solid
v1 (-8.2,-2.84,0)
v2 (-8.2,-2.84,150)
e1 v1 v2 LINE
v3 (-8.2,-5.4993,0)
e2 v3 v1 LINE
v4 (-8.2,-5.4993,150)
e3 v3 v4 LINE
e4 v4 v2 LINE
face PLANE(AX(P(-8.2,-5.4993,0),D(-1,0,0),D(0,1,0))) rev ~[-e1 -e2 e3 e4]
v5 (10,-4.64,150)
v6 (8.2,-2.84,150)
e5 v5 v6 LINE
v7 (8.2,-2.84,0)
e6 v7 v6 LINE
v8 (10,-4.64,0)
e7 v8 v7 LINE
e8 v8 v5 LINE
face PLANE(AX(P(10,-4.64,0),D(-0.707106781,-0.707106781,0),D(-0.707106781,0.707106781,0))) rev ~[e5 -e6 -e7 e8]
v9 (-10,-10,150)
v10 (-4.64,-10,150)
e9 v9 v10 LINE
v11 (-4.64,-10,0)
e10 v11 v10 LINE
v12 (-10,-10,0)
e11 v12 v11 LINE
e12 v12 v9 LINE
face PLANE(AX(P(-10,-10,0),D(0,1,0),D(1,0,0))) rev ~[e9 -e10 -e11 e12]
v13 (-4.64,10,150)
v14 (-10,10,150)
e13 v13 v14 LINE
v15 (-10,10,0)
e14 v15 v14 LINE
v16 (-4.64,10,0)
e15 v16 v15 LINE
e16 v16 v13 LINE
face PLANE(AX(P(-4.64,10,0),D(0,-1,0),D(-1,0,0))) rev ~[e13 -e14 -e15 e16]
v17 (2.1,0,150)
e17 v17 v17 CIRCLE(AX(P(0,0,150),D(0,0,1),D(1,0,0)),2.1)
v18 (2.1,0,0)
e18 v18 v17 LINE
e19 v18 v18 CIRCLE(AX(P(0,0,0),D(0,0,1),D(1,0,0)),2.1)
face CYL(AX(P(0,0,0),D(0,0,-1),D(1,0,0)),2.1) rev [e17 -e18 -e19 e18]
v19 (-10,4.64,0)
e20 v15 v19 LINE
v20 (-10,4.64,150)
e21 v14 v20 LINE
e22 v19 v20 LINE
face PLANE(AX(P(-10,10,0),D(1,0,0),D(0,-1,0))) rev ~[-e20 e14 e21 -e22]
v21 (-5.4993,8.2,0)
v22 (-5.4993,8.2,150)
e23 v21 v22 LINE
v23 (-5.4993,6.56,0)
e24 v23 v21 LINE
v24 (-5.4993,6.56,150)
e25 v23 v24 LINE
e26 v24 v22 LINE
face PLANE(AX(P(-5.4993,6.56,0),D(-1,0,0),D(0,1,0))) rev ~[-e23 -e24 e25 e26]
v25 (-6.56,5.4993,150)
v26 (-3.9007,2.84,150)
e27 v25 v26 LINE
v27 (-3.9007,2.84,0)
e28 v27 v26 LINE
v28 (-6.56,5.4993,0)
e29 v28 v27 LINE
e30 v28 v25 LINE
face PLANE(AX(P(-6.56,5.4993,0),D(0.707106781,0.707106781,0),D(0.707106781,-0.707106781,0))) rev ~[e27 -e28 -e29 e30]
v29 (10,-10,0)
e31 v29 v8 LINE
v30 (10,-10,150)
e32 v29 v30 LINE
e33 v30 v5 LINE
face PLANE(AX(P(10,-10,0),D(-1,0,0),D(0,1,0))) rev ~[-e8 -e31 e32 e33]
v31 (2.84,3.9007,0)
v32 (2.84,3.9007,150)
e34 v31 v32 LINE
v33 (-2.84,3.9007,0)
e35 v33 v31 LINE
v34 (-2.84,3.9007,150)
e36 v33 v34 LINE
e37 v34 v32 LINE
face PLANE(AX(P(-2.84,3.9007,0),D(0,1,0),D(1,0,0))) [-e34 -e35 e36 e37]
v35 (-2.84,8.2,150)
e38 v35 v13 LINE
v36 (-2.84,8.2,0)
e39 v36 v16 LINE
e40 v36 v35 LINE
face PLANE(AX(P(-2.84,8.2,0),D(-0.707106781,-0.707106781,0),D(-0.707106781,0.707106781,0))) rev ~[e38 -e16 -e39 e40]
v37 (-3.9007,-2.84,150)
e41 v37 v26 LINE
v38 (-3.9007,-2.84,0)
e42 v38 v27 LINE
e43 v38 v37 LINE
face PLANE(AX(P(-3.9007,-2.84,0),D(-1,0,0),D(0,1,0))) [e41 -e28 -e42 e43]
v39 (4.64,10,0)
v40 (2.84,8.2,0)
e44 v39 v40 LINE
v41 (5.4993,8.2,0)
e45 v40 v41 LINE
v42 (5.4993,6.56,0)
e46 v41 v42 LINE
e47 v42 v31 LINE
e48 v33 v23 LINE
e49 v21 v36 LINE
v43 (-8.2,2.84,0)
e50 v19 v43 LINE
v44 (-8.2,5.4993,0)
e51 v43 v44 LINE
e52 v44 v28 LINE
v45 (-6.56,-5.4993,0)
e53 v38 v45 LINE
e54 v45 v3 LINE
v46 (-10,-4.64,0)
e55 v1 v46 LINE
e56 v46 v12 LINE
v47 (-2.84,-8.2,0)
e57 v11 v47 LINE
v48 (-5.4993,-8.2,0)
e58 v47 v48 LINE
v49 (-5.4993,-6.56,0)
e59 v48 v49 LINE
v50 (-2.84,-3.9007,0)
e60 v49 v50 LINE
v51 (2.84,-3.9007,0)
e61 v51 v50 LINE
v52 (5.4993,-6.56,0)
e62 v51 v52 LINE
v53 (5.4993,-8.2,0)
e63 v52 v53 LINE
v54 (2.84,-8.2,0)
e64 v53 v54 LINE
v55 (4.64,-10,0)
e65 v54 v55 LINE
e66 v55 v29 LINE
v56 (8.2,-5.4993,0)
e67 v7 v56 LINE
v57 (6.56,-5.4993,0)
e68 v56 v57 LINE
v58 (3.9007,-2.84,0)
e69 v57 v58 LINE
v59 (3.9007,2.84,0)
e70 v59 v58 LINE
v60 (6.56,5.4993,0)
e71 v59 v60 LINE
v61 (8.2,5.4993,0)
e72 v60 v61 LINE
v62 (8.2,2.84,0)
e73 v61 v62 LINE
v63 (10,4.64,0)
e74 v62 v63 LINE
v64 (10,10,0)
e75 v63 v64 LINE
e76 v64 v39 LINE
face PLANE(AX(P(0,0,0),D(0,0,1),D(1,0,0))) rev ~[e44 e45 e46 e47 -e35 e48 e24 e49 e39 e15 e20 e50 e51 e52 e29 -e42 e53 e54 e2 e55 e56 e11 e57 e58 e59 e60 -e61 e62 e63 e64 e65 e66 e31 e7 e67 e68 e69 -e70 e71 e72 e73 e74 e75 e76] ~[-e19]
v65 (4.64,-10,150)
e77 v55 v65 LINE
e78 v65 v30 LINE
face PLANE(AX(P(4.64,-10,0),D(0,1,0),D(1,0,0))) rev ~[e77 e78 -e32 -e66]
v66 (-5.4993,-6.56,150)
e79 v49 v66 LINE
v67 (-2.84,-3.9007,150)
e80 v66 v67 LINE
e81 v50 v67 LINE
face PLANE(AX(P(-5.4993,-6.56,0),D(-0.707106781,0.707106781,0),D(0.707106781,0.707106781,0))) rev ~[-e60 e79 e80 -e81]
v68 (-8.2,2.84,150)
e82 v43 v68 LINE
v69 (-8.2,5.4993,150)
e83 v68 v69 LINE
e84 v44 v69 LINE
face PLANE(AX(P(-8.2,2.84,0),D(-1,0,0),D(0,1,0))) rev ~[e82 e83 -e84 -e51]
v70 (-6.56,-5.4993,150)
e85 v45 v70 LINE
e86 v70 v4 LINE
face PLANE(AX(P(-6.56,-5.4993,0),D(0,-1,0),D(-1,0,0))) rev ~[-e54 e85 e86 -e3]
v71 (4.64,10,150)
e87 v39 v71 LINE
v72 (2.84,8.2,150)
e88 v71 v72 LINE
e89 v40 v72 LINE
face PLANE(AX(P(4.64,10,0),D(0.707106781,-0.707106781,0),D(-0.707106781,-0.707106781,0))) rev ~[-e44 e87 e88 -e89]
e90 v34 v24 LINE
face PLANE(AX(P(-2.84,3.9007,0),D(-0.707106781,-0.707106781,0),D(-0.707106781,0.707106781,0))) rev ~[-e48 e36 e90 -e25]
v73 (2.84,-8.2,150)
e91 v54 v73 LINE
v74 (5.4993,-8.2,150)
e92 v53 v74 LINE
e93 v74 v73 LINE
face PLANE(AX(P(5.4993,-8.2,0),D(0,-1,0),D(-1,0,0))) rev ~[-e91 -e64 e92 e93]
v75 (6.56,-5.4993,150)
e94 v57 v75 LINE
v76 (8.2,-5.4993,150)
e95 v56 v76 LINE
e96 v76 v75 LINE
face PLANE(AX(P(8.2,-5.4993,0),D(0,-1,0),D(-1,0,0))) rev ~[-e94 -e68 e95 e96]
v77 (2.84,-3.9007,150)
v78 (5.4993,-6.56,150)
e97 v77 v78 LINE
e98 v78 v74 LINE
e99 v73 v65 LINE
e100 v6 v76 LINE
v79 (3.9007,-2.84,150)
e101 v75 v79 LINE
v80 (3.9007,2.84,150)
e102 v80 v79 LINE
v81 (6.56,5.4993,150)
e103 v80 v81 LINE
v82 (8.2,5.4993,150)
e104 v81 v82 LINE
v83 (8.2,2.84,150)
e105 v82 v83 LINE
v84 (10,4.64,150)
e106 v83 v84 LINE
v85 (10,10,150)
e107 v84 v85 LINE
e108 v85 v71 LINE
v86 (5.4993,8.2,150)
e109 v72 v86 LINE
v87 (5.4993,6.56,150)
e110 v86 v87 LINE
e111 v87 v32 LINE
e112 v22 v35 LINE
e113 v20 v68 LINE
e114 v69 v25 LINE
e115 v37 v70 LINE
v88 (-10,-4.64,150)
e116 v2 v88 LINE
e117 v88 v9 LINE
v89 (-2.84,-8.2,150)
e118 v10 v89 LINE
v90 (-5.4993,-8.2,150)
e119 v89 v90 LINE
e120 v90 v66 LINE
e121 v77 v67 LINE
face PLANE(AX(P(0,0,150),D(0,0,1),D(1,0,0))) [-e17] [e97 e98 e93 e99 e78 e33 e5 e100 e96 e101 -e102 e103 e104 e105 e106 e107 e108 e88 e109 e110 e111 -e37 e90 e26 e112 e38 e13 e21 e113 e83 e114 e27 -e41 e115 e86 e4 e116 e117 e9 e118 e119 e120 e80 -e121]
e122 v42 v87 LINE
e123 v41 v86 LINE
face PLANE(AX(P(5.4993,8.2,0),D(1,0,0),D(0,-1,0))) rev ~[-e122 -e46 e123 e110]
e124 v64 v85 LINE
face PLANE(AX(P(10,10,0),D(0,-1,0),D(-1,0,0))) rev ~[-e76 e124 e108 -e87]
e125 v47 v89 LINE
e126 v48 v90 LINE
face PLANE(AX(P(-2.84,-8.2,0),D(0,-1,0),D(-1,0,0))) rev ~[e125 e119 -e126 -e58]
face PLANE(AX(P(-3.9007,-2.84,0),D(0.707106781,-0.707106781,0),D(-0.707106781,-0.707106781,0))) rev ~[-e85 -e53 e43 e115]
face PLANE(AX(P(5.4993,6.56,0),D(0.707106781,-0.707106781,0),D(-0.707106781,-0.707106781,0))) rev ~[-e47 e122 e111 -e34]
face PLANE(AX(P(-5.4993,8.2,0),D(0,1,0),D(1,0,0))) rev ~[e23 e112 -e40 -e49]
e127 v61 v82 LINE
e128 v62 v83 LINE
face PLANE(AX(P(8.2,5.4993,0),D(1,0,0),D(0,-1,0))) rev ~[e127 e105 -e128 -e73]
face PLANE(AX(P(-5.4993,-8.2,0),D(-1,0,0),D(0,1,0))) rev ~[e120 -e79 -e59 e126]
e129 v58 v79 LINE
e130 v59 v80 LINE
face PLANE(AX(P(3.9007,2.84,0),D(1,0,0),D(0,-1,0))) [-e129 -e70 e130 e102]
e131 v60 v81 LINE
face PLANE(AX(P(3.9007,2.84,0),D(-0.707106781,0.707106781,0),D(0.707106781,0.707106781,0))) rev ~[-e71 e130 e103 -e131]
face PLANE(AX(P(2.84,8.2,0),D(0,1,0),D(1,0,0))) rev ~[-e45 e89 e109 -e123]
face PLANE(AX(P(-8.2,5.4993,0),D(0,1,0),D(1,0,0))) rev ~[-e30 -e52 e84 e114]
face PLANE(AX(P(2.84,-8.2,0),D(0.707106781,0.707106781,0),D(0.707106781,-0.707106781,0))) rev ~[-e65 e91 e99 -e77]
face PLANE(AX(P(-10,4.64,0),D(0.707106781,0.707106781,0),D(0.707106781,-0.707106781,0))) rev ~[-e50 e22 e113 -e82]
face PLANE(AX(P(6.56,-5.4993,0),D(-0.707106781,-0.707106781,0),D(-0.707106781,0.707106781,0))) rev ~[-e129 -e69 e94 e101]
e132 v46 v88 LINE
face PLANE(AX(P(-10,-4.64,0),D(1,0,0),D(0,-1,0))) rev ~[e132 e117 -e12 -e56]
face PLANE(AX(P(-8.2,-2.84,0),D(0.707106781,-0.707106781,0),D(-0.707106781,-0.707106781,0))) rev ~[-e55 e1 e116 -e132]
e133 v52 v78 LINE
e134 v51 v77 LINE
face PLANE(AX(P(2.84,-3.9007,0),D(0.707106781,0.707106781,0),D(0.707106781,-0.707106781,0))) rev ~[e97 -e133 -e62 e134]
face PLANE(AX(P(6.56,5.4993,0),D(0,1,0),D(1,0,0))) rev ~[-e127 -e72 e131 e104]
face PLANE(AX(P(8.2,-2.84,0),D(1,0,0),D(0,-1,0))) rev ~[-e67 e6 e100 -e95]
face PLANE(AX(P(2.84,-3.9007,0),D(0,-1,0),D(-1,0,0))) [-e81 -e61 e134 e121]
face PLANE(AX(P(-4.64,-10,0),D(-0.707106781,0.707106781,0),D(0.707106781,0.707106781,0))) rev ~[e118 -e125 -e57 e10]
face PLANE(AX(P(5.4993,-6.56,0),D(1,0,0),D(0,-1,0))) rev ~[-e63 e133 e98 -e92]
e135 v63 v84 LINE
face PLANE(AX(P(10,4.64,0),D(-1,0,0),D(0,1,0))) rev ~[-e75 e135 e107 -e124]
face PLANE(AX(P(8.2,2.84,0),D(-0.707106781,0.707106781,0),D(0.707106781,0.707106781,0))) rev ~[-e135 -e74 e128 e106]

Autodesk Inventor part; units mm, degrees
ref_plane "YZ Plane" through (0, 0, 0) normal (1, 0, 0) x (0, 1, 0)
ref_plane "XZ Plane" through (0, 0, 0) normal (0, 1, 0) x (-1, 0, 0)
ref_plane "XY Plane" through (0, 0, 0) normal (0, 0, 1) x (1, 0, 0)
sketch "Sketch1" plane through (0, 0, 0) normal (0, 0, 1) x (1, 0, 0)
  line L0 (-3.9007, 3.9007) -> (3.9007, 3.9007)
  line L1 (3.9007, 3.9007) -> (3.9007, -3.9007)
  line L2 (3.9007, -3.9007) -> (-3.9007, -3.9007)
  line L3 (-3.9007, -3.9007) -> (-3.9007, 3.9007)
  line L4 (0, 3.9007) -> (0, -3.9007) construction
  line L5 (-3.9007, 0) -> (3.9007, 0) construction
  circle A0 centre (0, 0) radius 2.1
  line L6 (0, 0) -> (-16.1173, 16.1173) construction
  line L7 (0, 0) -> (22.7933, 0) construction
  line L8 (-2.84, 3.9007) -> (-5.4993, 6.56)
  line L9 (-5.4993, 6.56) -> (-5.4993, 8.2)
  line L10 (-5.4993, 8.2) -> (-2.84, 8.2)
  line L11 (-2.84, 8.2) -> (-4.64, 10)
  line L12 (-4.64, 10) -> (-10, 10)
  line L13 (-10, 10) -> (-10, 4.64)
  line L14 (-10, 4.64) -> (-8.2, 2.84)
  line L15 (-8.2, 2.84) -> (-8.2, 5.4993)
  line L16 (-8.2, 5.4993) -> (-6.56, 5.4993)
  line L17 (-6.56, 5.4993) -> (-3.9007, 2.84)
  line L18 (-3.9007, 2.84) -> (-11.3102, 2.84) construction
  line L19 (-2.84, 3.9007) -> (-3.9007, 3.9007)
  line L20 (-3.9007, 2.84) -> (-3.9007, 3.9007)
  line L21 (-3.9007, -2.84) -> (-6.56, -5.4993)
  line L22 (-6.56, -5.4993) -> (-8.2, -5.4993)
  line L23 (-8.2, -5.4993) -> (-8.2, -2.84)
  line L24 (-8.2, -2.84) -> (-10, -4.64)
  line L25 (-10, -4.64) -> (-10, -10)
  line L26 (-10, -10) -> (-4.64, -10)
  line L27 (-4.64, -10) -> (-2.84, -8.2)
  line L28 (-2.84, -8.2) -> (-5.4993, -8.2)
  line L29 (-5.4993, -8.2) -> (-5.4993, -6.56)
  line L30 (-5.4993, -6.56) -> (-2.84, -3.9007)
  line L31 (-3.9007, -2.84) -> (-3.9007, -3.9007)
  line L32 (-2.84, -3.9007) -> (-3.9007, -3.9007)
  line L33 (2.84, -3.9007) -> (5.4993, -6.56)
  line L34 (5.4993, -6.56) -> (5.4993, -8.2)
  line L35 (5.4993, -8.2) -> (2.84, -8.2)
  line L36 (2.84, -8.2) -> (4.64, -10)
  line L37 (4.64, -10) -> (10, -10)
  line L38 (10, -10) -> (10, -4.64)
  line L39 (10, -4.64) -> (8.2, -2.84)
  line L40 (8.2, -2.84) -> (8.2, -5.4993)
  line L41 (8.2, -5.4993) -> (6.56, -5.4993)
  line L42 (6.56, -5.4993) -> (3.9007, -2.84)
  line L43 (2.84, -3.9007) -> (3.9007, -3.9007)
  line L44 (3.9007, -2.84) -> (3.9007, -3.9007)
  line L45 (3.9007, 2.84) -> (6.56, 5.4993)
  line L46 (6.56, 5.4993) -> (8.2, 5.4993)
  line L47 (8.2, 5.4993) -> (8.2, 2.84)
  line L48 (8.2, 2.84) -> (10, 4.64)
  line L49 (10, 4.64) -> (10, 10)
  line L50 (10, 10) -> (4.64, 10)
  line L51 (4.64, 10) -> (2.84, 8.2)
  line L52 (2.84, 8.2) -> (5.4993, 8.2)
  line L53 (5.4993, 8.2) -> (5.4993, 6.56)
  line L54 (5.4993, 6.56) -> (2.84, 3.9007)
  line L55 (3.9007, 2.84) -> (3.9007, 3.9007)
  line L56 (2.84, 3.9007) -> (3.9007, 3.9007)
  dimension "d7" = 4.2
  dimension "d8" = 135
  dimension "d9" = 1.5
  dimension "d10" = 1.64
  dimension "d11" = 1.8
  dimension "d12" = 2.84
  dimension "d13" = 10
  dimension "d16" = 360
extrude "Extrusion1" add sketch "Sketch1" along normal blind 150
properties part number "20x20x250mm" material "Aluminum 6061"
